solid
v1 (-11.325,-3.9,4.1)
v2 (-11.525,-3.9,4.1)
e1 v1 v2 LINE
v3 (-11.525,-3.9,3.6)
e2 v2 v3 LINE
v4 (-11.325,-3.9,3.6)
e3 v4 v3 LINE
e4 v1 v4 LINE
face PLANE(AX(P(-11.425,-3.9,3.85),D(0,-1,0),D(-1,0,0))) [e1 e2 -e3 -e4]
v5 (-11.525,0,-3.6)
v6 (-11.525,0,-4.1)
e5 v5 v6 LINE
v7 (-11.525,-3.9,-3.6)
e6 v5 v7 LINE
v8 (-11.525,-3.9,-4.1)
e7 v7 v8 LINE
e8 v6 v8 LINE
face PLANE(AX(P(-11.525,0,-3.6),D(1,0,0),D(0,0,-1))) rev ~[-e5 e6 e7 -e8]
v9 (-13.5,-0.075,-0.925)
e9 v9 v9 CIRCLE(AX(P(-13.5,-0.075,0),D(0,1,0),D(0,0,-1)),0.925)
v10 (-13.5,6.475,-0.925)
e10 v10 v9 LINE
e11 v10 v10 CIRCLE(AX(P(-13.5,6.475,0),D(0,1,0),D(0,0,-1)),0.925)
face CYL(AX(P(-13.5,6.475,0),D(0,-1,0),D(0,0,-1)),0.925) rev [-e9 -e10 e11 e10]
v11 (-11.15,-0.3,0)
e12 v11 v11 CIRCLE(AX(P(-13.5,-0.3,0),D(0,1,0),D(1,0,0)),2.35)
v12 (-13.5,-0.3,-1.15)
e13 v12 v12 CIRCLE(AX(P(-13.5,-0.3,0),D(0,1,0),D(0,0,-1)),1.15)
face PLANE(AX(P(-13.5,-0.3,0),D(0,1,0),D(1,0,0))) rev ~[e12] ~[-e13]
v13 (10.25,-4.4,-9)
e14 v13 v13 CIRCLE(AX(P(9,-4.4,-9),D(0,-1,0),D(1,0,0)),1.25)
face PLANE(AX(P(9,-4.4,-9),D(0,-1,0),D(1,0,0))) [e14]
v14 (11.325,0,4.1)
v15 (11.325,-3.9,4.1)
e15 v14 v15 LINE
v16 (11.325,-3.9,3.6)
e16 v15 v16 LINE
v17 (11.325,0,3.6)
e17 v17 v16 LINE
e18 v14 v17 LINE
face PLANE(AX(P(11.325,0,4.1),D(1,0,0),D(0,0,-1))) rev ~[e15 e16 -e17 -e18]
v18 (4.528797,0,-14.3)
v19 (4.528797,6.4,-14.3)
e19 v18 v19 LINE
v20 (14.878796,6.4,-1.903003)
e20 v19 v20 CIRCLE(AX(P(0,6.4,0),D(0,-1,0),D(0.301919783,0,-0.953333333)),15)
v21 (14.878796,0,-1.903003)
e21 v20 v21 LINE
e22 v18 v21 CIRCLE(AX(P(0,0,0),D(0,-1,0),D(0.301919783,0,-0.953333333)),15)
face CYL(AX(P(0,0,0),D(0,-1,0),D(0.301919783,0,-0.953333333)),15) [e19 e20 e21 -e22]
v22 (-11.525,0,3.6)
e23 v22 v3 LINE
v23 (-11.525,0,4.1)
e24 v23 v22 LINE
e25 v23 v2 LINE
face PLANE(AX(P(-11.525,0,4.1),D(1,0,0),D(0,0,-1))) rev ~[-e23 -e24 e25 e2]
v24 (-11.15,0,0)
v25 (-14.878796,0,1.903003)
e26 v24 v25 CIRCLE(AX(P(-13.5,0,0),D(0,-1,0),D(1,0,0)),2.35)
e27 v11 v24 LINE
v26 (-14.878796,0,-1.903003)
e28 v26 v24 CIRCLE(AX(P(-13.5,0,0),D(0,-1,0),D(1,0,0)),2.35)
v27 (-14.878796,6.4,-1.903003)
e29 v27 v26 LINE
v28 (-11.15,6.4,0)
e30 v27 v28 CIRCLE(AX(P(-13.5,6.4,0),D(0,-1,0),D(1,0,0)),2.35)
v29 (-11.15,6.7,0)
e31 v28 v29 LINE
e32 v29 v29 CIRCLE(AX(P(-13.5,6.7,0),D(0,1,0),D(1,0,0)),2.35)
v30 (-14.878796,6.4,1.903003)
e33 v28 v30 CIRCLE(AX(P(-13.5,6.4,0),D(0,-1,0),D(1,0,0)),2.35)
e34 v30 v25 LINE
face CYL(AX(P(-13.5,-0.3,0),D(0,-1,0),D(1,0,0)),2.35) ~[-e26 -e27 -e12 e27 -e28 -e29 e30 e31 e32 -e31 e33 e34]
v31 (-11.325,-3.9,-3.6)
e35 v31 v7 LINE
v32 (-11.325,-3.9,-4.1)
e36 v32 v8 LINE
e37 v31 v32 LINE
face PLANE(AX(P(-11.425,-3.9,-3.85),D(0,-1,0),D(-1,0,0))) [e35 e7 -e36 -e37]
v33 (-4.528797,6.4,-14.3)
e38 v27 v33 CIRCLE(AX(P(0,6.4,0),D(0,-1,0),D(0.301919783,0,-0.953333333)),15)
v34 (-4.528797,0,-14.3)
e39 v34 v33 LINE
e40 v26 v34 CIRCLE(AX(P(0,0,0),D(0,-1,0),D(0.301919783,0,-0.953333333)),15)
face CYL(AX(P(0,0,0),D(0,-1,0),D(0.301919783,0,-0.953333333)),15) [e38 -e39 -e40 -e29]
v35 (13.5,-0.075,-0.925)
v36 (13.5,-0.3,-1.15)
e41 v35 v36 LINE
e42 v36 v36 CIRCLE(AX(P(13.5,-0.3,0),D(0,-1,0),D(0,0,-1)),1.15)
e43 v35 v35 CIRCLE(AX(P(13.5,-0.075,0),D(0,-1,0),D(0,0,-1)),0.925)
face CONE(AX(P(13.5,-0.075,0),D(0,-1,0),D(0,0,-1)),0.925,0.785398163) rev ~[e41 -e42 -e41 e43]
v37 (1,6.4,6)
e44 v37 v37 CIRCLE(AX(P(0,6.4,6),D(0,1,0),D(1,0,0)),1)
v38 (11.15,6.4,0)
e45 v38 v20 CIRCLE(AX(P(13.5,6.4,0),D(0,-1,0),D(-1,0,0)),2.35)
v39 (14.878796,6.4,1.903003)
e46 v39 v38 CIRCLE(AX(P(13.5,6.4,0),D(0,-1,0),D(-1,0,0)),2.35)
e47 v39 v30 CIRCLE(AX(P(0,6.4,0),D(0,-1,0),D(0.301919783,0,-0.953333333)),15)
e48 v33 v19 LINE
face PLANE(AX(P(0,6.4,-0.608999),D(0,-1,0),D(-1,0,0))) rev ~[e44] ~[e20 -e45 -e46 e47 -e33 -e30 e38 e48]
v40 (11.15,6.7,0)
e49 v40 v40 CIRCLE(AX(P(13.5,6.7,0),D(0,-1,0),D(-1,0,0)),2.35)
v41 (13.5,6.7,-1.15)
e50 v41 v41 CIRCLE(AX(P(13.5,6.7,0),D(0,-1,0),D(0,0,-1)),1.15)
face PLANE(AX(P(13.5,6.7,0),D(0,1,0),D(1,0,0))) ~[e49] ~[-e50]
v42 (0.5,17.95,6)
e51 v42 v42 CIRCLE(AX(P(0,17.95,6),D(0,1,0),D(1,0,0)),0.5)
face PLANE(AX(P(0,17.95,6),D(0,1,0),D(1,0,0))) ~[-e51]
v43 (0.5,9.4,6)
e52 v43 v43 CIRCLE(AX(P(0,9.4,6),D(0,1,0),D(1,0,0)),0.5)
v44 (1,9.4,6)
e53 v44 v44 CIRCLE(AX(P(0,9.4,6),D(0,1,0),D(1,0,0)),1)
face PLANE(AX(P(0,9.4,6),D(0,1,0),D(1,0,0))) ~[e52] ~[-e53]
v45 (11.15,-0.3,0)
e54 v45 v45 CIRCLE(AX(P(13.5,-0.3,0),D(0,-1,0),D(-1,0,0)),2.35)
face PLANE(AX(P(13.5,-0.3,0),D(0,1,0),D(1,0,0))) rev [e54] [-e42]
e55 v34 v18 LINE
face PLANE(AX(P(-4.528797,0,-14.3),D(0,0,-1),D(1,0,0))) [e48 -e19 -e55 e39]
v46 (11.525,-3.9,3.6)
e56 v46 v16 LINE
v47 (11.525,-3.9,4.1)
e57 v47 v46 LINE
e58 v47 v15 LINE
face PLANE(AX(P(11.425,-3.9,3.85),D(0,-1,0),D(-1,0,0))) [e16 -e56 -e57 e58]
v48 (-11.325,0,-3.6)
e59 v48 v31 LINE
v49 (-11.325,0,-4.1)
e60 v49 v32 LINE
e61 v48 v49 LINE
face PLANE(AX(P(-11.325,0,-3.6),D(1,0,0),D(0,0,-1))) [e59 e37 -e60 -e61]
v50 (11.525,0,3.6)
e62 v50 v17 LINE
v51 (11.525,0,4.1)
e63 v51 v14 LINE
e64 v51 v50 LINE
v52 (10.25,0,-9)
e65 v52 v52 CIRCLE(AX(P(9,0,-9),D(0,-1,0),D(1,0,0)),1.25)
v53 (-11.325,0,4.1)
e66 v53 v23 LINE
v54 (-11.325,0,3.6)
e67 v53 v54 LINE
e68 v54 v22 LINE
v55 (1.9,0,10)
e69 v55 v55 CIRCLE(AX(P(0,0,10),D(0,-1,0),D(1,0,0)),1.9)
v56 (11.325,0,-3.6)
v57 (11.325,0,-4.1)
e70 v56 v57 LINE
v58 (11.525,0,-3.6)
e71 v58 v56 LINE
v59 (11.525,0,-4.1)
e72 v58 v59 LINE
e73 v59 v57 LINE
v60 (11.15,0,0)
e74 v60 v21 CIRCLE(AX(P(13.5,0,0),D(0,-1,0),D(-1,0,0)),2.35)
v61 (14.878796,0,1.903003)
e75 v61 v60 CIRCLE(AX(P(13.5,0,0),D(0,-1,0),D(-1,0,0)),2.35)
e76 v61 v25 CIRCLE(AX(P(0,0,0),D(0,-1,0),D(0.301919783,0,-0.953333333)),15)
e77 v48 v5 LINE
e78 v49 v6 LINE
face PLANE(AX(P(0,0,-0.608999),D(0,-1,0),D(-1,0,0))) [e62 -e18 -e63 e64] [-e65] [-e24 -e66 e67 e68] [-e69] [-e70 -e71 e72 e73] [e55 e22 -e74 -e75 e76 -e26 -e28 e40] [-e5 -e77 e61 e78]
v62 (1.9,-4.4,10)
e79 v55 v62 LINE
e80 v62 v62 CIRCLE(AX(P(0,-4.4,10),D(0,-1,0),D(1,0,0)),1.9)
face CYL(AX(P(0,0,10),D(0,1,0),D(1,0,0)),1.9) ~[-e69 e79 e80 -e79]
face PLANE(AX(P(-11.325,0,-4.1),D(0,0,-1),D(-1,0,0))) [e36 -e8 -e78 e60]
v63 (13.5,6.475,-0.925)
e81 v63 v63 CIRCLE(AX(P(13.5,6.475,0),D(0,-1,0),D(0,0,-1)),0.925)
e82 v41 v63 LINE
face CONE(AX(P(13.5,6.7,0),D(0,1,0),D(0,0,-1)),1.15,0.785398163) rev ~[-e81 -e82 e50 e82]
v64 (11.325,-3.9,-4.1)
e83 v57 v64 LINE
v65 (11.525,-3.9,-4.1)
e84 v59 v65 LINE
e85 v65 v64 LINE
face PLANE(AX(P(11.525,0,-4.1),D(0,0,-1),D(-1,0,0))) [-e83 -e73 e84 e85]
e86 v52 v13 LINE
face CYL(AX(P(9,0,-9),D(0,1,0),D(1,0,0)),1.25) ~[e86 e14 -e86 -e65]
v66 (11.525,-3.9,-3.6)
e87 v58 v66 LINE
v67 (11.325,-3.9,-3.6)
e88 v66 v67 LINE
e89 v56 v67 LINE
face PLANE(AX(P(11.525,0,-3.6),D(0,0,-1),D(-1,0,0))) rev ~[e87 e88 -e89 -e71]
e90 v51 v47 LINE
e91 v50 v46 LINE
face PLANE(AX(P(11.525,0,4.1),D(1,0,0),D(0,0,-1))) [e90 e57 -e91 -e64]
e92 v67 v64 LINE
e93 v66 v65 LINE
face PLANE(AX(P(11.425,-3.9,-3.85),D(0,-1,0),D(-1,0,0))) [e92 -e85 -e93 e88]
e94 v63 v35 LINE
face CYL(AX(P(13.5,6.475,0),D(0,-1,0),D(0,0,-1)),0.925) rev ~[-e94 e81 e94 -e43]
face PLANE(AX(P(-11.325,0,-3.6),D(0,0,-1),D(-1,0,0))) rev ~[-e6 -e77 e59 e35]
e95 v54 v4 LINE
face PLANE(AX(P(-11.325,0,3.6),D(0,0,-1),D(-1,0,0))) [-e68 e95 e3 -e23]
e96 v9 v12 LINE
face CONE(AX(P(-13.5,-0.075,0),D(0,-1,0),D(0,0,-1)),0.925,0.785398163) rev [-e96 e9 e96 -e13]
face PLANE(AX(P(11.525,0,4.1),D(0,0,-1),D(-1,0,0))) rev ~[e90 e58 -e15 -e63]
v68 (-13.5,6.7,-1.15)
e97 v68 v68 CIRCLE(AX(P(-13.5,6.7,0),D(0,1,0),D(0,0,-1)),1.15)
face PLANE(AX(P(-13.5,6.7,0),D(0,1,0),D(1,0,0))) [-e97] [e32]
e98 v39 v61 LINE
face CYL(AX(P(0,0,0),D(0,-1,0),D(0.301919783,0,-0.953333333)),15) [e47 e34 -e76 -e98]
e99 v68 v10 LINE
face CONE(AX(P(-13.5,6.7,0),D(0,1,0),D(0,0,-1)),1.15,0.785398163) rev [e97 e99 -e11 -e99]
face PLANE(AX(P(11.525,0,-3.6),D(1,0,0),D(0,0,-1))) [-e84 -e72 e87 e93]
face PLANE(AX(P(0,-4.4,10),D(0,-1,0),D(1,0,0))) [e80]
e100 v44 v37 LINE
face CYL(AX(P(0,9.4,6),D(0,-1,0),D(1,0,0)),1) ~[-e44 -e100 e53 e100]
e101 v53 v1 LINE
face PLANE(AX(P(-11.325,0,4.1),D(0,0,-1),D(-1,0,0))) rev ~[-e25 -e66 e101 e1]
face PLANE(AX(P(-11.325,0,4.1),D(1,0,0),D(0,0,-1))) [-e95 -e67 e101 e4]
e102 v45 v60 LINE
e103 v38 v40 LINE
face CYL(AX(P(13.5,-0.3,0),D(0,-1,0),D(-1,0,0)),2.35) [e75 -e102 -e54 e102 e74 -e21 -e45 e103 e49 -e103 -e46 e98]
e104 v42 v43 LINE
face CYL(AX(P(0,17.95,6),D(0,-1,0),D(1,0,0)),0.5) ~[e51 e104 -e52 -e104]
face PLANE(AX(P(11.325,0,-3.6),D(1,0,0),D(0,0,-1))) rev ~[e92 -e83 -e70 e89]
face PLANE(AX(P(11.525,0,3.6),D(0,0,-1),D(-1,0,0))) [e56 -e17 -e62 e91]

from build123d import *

# Parameters (mm, degrees)
BOSS_EXTRUDE1_DEPTH = 6.4
BOSS_EXTRUDE2_START = -6.7
SKETCH4_R           = 2.35
BOSS_EXTRUDE2_DEPTH = 7
SKETCH7_R           = 1.9
SKETCH7_R_2         = 1.25
BOSS_EXTRUDE3_DEPTH = 4.4
SKETCH8_W           = 0.2
SKETCH8_H           = 0.5
BOSS_EXTRUDE4_DEPTH = 3.9


with BuildPart() as part:
    # Sketch1 → Boss-Extrude1 (new body)
    with BuildSketch(Plane(origin=(0, 0, 0), x_dir=(1, 0, 0), z_dir=(0, 1, 0))):
        with BuildLine():
            Line((-4.52879675, 14.3), (4.52879675, 14.3))
            ThreePointArc((4.52879675, 14.3), (0, -15), (-4.52879675, 14.3))
        make_face()
    extrude(amount=BOSS_EXTRUDE1_DEPTH)

    # Sketch3 → Revolve1 (revolve)
    with BuildSketch(Plane.XY.offset(6)):
        Polygon((0, 17.95), (0.5, 17.95), (0.5, 9.4), (1, 9.4), (1, 6.4), (0, 6.4), align=None)
    revolve(axis=Axis((0, 6.4, 6), (0, 1, 0)))

    # Sketch4 → Boss-Extrude2 (add)
    with BuildSketch(Plane(origin=(0, 6.4, 0), x_dir=(1, 0, 0), z_dir=(0, 1, 0)).offset(BOSS_EXTRUDE2_START)):
        with Locations((-13.5, 0)):
            Circle(SKETCH4_R)
    boss_extrude2 = extrude(amount=BOSS_EXTRUDE2_DEPTH)

    # Sketch6 → Ø1.85 (1.85) Diameter Hole1 (revolve, cut)
    with BuildSketch(Plane(origin=(-13.5, -0.3, 0), x_dir=(0, 0, -1), z_dir=(1, 0, 0))):
        Polygon((0, 0), (0, 7), (1.15, 7), (0.925, 6.775), (0.925, 0.225), (1.15, 0), align=None)
    f_1_85_1_85_diameter_hole1 = revolve(axis=Axis((-13.5, -6.65, 0), (0, 1, 0)), mode=Mode.SUBTRACT)

    # Mirror1: Boss-Extrude2, Ø1.85 (1.85) Diameter Hole1 across plane
    add(boss_extrude2.mirror(Plane(origin=(0, 0, 0), x_dir=(0, 0, 1), z_dir=(1, 0, 0))))
    add(f_1_85_1_85_diameter_hole1.mirror(Plane(origin=(0, 0, 0), x_dir=(0, 0, 1), z_dir=(1, 0, 0))), mode=Mode.SUBTRACT)

    # Sketch7 → Boss-Extrude3 (add)
    with BuildSketch(Plane.XZ):
        with Locations((0, 10)):
            Circle(SKETCH7_R)
        with Locations((9, -9)):
            Circle(SKETCH7_R_2)
    extrude(amount=BOSS_EXTRUDE3_DEPTH)

    # Sketch8 → Boss-Extrude4 (add)
    with BuildSketch(Plane(origin=(0, 0, 0), x_dir=(-1, 0, 0), z_dir=(0, -1, 0))):
        with Locations((-11.425, -3.85)):
            Rectangle(SKETCH8_W, SKETCH8_H)
        with Locations((11.425, -3.85)):
            Rectangle(SKETCH8_W, SKETCH8_H)
        with Locations((-11.425, 3.85)):
            Rectangle(SKETCH8_W, SKETCH8_H)
        with Locations((11.425, 3.85)):
            Rectangle(SKETCH8_W, SKETCH8_H)
    extrude(amount=BOSS_EXTRUDE4_DEPTH)


solid = part.part
